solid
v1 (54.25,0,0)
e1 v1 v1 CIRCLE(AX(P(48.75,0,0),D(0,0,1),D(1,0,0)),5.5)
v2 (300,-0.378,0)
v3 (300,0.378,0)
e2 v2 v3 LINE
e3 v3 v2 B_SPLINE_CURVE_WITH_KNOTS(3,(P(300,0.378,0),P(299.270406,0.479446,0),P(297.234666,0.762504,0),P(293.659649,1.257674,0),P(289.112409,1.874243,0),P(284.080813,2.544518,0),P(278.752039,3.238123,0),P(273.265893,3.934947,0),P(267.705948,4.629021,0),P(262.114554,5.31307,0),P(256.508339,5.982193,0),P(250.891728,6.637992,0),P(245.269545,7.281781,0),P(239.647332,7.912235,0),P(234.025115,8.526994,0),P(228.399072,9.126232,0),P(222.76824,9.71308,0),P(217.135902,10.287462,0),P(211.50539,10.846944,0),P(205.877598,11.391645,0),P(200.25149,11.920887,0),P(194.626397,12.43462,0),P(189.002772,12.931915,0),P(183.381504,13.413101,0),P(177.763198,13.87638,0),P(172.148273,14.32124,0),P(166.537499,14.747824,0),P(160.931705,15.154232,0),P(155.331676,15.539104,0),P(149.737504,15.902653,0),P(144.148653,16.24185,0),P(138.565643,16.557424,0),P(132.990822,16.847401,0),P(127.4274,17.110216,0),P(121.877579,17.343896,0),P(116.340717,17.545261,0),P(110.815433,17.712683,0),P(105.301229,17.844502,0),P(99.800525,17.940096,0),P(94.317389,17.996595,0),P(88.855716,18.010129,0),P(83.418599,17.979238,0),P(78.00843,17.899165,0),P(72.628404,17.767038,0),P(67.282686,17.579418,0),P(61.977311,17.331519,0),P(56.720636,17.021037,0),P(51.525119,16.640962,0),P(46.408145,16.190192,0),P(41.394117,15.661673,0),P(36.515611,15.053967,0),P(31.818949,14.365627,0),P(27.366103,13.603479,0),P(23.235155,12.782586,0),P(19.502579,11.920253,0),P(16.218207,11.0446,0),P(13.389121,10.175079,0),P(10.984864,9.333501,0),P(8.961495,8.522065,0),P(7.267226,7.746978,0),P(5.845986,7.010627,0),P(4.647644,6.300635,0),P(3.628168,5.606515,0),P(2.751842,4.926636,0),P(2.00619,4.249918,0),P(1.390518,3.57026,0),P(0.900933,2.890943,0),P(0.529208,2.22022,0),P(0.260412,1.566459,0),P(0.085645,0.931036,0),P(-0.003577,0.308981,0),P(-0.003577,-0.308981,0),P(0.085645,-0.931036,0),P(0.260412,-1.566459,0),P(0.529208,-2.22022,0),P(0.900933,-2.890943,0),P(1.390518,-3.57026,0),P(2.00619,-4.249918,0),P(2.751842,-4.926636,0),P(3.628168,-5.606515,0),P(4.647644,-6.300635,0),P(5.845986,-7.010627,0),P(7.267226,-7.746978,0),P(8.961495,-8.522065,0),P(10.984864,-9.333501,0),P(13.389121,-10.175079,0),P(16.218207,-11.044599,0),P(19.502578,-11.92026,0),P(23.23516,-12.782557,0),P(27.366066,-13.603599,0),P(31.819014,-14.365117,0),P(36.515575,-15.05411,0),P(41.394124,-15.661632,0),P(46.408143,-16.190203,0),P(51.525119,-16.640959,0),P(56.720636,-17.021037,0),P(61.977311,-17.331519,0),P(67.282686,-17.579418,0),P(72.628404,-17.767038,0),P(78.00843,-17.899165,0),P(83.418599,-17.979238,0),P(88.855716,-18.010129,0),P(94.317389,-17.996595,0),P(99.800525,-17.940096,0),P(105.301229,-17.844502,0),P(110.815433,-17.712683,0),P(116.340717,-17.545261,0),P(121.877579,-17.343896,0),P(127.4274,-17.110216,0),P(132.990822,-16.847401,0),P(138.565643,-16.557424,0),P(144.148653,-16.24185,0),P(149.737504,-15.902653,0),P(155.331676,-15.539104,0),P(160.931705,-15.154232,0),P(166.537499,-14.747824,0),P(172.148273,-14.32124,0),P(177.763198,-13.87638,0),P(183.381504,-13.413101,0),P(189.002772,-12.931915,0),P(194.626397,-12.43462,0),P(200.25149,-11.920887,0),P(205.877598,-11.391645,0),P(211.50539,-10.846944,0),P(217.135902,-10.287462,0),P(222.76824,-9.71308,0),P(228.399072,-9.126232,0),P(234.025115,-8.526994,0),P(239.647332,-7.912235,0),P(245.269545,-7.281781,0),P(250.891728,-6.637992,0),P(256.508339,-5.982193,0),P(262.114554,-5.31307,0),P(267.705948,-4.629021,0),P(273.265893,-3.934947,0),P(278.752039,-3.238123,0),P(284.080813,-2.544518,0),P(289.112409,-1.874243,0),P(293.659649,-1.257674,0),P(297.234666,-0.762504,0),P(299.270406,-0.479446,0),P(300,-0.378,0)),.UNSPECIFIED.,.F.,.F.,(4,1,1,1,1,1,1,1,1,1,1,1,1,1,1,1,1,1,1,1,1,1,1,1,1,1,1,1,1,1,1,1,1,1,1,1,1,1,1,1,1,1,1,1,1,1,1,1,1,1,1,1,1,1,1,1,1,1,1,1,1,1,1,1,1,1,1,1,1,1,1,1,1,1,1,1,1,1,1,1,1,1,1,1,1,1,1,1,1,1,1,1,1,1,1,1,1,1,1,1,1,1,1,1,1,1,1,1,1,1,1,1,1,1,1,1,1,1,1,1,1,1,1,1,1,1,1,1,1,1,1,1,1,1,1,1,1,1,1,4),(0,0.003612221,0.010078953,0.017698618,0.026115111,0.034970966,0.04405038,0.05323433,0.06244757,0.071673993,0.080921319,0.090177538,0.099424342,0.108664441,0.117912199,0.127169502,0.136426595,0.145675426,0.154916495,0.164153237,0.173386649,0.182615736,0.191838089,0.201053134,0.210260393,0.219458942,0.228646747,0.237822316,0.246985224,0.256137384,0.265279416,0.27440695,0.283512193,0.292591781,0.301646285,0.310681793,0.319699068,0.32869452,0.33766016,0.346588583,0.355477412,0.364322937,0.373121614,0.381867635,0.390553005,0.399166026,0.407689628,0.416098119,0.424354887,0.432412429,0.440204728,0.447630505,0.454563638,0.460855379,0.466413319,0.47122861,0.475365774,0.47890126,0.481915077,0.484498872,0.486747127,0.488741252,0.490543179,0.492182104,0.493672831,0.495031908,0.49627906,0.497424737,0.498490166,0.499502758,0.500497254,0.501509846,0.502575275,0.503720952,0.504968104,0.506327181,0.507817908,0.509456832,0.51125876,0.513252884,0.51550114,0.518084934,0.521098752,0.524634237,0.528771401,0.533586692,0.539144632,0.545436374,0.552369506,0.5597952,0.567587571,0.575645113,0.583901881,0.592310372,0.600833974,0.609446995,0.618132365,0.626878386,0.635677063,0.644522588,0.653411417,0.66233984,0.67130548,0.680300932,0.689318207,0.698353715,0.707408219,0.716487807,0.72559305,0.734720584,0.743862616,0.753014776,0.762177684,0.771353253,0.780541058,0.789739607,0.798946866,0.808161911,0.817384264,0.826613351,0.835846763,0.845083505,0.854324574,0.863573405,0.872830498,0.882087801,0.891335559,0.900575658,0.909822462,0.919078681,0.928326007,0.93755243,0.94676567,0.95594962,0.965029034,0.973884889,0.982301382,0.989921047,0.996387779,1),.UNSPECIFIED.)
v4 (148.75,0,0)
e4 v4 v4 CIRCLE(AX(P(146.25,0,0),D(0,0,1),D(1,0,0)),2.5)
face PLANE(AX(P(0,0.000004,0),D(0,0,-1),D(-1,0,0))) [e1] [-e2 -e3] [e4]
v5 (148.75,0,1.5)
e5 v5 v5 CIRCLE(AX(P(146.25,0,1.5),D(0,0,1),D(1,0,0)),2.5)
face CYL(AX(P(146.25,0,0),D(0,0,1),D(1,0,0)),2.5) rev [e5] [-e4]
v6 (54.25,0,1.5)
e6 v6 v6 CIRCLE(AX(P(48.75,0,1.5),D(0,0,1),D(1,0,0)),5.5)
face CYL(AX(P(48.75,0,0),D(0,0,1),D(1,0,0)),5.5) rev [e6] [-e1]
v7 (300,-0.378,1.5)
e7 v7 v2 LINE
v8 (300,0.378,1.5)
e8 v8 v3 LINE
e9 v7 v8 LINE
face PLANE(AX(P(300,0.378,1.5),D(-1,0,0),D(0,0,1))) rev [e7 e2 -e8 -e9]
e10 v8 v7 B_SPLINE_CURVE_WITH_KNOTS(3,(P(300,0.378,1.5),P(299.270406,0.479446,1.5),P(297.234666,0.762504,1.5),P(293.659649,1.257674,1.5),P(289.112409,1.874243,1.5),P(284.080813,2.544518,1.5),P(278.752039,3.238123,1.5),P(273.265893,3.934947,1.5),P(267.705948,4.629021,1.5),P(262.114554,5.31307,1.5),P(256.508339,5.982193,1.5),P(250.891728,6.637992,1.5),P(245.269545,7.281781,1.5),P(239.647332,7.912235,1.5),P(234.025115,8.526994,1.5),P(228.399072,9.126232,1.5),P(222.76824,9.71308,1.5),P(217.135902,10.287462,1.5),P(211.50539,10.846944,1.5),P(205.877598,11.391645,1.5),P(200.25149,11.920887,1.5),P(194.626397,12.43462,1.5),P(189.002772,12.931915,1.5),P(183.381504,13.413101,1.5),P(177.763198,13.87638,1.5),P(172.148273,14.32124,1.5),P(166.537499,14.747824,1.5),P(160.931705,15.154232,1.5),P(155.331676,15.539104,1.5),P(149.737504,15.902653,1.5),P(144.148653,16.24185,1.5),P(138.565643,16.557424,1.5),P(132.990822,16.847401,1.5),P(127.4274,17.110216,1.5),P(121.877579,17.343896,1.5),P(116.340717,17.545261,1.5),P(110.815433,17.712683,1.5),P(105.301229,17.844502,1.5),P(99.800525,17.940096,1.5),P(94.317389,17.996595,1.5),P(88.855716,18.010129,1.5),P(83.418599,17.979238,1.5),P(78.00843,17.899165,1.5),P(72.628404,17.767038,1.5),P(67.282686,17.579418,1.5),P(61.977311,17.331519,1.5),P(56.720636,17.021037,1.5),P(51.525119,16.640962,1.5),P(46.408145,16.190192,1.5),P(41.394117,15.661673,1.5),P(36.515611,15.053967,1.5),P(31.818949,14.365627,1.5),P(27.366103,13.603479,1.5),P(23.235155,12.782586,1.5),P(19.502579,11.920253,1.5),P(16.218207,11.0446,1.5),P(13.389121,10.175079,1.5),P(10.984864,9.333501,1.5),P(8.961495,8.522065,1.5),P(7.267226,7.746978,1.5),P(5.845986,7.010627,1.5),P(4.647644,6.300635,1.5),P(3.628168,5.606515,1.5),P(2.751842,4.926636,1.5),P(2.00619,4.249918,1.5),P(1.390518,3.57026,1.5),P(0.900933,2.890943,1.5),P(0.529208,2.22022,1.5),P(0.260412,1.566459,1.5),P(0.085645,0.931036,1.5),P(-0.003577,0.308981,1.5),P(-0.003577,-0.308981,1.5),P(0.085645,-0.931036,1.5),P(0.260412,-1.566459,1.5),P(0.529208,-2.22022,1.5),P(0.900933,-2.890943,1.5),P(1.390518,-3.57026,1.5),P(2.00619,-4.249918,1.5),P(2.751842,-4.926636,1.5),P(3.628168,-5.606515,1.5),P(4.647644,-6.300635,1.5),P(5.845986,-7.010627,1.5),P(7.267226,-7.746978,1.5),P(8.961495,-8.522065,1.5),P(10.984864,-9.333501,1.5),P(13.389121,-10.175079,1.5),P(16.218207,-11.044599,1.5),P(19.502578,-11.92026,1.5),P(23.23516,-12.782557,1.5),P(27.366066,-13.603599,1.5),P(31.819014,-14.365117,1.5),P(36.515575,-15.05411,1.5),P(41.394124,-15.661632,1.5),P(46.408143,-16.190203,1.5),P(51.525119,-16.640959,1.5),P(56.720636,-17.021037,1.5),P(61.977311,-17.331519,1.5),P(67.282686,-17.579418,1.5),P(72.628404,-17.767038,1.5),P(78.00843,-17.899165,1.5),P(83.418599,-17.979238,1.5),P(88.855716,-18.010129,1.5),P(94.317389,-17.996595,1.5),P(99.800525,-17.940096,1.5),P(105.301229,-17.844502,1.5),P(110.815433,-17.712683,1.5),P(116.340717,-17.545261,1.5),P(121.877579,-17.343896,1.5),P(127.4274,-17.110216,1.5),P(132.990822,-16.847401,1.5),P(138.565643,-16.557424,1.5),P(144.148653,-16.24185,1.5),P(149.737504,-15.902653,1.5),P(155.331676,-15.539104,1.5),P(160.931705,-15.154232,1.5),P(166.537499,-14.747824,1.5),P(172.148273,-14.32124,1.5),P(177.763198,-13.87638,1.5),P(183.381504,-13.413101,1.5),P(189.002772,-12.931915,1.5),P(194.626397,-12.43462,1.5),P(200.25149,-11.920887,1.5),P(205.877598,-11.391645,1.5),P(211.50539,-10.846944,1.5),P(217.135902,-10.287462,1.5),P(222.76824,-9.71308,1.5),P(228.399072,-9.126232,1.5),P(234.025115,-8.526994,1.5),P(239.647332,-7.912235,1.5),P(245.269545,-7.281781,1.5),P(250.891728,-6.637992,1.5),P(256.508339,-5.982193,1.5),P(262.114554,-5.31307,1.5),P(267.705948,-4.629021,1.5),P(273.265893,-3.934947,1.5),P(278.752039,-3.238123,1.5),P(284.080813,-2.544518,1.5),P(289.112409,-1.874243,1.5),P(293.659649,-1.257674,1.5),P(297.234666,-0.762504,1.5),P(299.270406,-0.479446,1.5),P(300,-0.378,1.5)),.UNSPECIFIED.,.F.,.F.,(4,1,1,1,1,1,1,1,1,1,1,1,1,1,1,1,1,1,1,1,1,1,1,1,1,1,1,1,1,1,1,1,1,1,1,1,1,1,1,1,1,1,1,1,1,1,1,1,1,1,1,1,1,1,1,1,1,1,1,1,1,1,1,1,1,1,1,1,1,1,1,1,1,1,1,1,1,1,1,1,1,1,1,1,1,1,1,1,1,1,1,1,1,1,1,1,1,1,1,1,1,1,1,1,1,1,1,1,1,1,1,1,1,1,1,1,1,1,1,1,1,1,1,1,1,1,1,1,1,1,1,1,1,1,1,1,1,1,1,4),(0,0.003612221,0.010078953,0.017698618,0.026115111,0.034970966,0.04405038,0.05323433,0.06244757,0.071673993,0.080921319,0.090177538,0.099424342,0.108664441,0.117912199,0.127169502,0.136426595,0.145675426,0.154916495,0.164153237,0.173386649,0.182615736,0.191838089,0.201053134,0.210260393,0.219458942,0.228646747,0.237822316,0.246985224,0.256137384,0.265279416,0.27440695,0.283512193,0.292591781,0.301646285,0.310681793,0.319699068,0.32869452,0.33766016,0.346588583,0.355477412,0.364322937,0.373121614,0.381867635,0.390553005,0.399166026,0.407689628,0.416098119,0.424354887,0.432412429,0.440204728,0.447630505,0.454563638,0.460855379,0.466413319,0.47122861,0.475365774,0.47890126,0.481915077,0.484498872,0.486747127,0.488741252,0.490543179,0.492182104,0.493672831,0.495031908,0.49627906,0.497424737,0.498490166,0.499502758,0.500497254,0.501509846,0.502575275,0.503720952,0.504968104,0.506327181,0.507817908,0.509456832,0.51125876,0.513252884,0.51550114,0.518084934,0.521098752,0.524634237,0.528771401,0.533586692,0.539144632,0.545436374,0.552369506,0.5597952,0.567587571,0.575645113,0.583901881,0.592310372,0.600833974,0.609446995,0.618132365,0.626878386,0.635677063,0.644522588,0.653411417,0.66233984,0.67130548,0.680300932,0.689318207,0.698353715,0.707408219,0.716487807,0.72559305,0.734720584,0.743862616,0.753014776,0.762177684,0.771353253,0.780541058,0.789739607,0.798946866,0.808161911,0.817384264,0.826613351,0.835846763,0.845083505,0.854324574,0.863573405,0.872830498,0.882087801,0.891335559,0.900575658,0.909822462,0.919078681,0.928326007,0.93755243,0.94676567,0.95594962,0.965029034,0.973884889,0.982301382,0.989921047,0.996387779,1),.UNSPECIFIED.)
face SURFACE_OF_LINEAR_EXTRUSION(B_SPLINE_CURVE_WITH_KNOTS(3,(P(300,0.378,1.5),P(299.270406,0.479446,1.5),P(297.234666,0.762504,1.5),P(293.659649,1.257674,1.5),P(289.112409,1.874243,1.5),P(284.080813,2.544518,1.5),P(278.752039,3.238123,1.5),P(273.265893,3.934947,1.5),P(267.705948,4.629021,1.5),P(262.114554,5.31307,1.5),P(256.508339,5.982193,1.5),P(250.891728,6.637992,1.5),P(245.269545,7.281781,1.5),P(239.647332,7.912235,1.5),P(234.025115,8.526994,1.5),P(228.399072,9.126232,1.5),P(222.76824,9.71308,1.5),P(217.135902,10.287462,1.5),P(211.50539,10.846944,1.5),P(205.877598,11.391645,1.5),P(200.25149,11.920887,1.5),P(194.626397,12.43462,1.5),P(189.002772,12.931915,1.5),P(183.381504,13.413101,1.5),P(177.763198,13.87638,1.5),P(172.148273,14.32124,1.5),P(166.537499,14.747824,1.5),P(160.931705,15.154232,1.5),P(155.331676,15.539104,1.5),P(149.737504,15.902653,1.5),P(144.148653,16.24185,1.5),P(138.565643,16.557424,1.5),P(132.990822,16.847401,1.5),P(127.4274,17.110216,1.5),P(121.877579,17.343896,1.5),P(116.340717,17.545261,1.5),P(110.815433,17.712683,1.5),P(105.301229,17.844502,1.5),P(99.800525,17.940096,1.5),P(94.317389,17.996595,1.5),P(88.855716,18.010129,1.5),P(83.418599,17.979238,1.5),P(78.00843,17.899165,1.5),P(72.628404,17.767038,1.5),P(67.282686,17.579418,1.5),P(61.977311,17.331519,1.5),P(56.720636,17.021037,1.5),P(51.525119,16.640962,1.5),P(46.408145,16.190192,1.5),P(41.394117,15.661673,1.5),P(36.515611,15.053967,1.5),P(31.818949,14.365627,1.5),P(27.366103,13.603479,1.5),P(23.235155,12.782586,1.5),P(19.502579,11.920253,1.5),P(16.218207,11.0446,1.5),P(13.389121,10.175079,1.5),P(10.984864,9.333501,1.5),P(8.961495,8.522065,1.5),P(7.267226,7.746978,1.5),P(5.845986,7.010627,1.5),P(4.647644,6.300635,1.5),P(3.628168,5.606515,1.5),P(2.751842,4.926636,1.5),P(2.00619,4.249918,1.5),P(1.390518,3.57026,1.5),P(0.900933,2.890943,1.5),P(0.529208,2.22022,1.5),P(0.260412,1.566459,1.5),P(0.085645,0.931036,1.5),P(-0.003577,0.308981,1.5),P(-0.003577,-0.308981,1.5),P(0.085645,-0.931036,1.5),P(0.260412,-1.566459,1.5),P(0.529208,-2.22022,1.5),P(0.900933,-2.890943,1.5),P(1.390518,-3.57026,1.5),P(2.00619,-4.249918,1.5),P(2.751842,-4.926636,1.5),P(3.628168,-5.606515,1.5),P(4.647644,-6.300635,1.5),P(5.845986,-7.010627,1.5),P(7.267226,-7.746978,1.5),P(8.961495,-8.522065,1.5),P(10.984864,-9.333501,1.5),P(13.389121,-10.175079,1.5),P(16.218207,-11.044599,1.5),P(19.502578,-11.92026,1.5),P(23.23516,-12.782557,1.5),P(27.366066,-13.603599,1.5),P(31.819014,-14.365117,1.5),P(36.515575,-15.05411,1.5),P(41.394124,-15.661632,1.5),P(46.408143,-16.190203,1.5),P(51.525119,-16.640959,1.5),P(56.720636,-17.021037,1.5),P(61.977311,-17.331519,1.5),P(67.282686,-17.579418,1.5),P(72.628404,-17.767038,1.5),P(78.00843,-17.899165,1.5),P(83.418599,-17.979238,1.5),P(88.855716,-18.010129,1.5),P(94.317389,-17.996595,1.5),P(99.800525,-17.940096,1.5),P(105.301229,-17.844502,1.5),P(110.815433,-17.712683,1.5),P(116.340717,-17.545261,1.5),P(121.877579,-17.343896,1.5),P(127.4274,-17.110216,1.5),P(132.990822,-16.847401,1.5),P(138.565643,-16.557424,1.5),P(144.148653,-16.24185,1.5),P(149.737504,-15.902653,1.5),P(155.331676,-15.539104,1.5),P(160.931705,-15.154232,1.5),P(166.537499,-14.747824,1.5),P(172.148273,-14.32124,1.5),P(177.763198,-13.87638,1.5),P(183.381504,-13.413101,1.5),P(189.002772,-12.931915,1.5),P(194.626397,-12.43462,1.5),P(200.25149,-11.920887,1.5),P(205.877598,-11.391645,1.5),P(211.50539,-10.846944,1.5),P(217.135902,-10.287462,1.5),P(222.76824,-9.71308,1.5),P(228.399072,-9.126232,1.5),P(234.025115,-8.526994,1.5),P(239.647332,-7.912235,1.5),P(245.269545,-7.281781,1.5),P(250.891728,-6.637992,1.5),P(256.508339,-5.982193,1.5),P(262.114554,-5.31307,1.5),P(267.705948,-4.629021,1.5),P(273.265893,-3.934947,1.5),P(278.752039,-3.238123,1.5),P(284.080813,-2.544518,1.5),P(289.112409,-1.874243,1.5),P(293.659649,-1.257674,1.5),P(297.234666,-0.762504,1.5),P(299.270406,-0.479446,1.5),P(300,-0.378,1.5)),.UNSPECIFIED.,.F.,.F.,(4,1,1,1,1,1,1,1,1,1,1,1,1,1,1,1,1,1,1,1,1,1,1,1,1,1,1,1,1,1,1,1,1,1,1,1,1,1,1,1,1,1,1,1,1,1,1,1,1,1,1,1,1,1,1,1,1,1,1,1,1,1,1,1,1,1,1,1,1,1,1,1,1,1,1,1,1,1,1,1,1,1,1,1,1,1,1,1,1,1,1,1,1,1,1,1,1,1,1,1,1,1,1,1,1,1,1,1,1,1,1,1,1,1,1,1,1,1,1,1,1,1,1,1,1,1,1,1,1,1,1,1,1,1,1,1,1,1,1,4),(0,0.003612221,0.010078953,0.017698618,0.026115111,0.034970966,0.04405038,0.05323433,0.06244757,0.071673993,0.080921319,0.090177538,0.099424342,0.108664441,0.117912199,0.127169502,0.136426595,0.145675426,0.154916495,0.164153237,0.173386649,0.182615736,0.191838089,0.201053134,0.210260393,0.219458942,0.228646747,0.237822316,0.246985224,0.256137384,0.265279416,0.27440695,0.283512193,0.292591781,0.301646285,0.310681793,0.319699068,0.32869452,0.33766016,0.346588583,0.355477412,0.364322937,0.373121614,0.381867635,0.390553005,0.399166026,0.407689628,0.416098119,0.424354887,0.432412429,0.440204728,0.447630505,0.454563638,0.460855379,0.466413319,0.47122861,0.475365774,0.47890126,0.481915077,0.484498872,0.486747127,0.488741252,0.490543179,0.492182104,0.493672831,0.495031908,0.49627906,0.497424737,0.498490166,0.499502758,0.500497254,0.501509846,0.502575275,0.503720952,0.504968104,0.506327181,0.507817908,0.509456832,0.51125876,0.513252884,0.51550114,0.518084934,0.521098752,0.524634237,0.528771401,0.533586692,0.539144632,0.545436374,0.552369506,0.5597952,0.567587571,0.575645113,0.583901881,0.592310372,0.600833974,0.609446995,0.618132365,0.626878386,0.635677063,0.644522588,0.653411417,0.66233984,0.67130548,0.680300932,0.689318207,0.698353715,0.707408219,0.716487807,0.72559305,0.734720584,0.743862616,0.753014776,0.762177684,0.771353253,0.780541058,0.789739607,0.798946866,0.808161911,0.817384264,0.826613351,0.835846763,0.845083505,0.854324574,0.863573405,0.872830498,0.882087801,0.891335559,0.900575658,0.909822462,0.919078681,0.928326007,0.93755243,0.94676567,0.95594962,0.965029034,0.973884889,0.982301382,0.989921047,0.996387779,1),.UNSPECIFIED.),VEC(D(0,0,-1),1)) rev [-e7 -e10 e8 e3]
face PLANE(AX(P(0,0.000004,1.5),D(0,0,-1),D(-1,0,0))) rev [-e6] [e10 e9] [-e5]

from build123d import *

# Parameters (mm, degrees)
BOSS_EXTRUDE1_DEPTH = 1.5
SKETCH7_R           = 5.5
SKETCH7_R_2         = 2.5
CUT_EXTRUDE7_DEPTH  = 2.5000001


with BuildPart() as part:
    # Sketch5 → Boss-Extrude1 (new body)
    with BuildSketch(Plane.XY):
        with BuildLine():
            Line((300, 0.378000086), (300, -0.378000086))
            add(Edge.make_bspline(
                [(300, 0.378000086), (299.270406258, 0.479445931), (297.234666467, 0.762503927), (293.659648722, 1.257673791), (289.112409325, 1.874242868), (284.080813047, 2.544518018), (278.752039398, 3.238123051), (273.265892957, 3.934947328), (267.705948145, 4.629020993), (262.114554424, 5.313070312), (256.508339042, 5.98219317), (250.891727853, 6.637992315), (245.269544548, 7.281780887), (239.647331656, 7.912234559), (234.025115138, 8.526993981), (228.399071658, 9.126231834), (222.768240123, 9.71307981), (217.135901993, 10.287462144), (211.505390076, 10.846943545), (205.877598449, 11.391645411), (200.251489743, 11.920887329), (194.626396629, 12.434619899), (189.002771954, 12.931914744), (183.381504479, 13.413100625), (177.763197883, 13.876379849), (172.148272526, 14.321240443), (166.537499181, 14.747824264), (160.931704642, 15.154231582), (155.331676028, 15.539104381), (149.737504253, 15.902653172), (144.148652919, 16.241849804), (138.565642978, 16.557424303), (132.990821912, 16.847401378), (127.427400287, 17.110215561), (121.877579225, 17.343895653), (116.340716908, 17.545260794), (110.81543346, 17.712683139), (105.301229225, 17.844501987), (99.800524694, 17.940095883), (94.317389178, 17.996594522), (88.855716162, 18.010128544), (83.418598836, 17.97923792), (78.008430461, 17.899164774), (72.628403778, 17.767037818), (67.282685946, 17.579417922), (61.977310891, 17.331519421), (56.72063582, 17.021036513), (51.525118947, 16.640961845), (46.408145083, 16.190192264), (41.394117392, 15.661672653), (36.515611307, 15.053967199), (31.818948595, 14.365626864), (27.366102973, 13.60347877), (23.235155161, 12.782586344), (19.502578811, 11.920253456), (16.218207008, 11.044600302), (13.389120989, 10.175078564), (10.984863761, 9.333500833), (8.961495446, 8.522064815), (7.267225637, 7.746977759), (5.845985727, 7.010627212), (4.647644075, 6.300635462), (3.62816801, 5.60651494), (2.751841757, 4.926636369), (2.006189751, 4.249918223), (1.390518388, 3.570260302), (0.900932575, 2.890942908), (0.52920759, 2.220219777), (0.260411531, 1.566459291), (0.085644609, 0.931036139), (-0.003577313, 0.308981085), (-0.003577313, -0.308981085), (0.085644609, -0.931036139), (0.260411531, -1.566459291), (0.52920759, -2.220219777), (0.900932575, -2.890942908), (1.390518388, -3.570260302), (2.006189751, -4.249918223), (2.751841757, -4.926636369), (3.62816801, -5.60651494), (4.647644075, -6.300635462), (5.845985727, -7.010627213), (7.267225637, -7.746977757), (8.961495444, -8.522064829), (10.984863772, -9.333500769), (13.389120938, -10.175078867), (16.218207245, -11.044598882), (19.502577721, -11.920259984), (23.235160006, -12.782557313), (27.366065703, -13.603599247), (31.819014163, -14.365116623), (36.515574857, -15.054109513), (41.394123531, -15.66163244), (46.408143388, -16.190203367), (51.525119412, -16.640958803), (56.720635693, -17.021037342), (61.977310926, -17.331519196), (67.282685937, -17.579417983), (72.628403781, -17.767037802), (78.008430461, -17.899164778), (83.418598837, -17.979237918), (88.855716162, -18.010128544), (94.317389178, -17.996594522), (99.800524694, -17.940095883), (105.301229225, -17.844501987), (110.81543346, -17.712683139), (116.340716908, -17.545260794), (121.877579225, -17.343895653), (127.427400287, -17.110215561), (132.990821912, -16.847401378), (138.565642978, -16.557424303), (144.148652919, -16.241849804), (149.737504253, -15.902653172), (155.331676028, -15.539104381), (160.931704642, -15.154231582), (166.537499181, -14.747824264), (172.148272526, -14.321240443), (177.763197883, -13.876379849), (183.381504479, -13.413100625), (189.002771954, -12.931914743), (194.626396629, -12.434619899), (200.251489743, -11.920887329), (205.877598449, -11.391645411), (211.505390076, -10.846943545), (217.135901993, -10.287462144), (222.768240123, -9.71307981), (228.399071658, -9.126231834), (234.025115138, -8.526993981), (239.647331656, -7.912234559), (245.269544548, -7.281780887), (250.891727853, -6.637992315), (256.508339042, -5.98219317), (262.114554424, -5.313070312), (267.705948145, -4.629020993), (273.265892957, -3.934947328), (278.752039398, -3.238123051), (284.080813047, -2.544518018), (289.112409325, -1.874242868), (293.659648722, -1.257673791), (297.234666467, -0.762503927), (299.270406258, -0.47944593), (300, -0.378000086)],
                knots=[0, 0, 0, 0, 0.003612221, 0.010078953, 0.017698618, 0.026115111, 0.034970966, 0.04405038, 0.05323433, 0.06244757, 0.071673993, 0.080921319, 0.090177538, 0.099424342, 0.108664441, 0.117912199, 0.127169502, 0.136426595, 0.145675426, 0.154916495, 0.164153237, 0.173386649, 0.182615736, 0.191838089, 0.201053134, 0.210260393, 0.219458942, 0.228646747, 0.237822316, 0.246985224, 0.256137384, 0.265279416, 0.27440695, 0.283512193, 0.292591781, 0.301646285, 0.310681793, 0.319699068, 0.32869452, 0.33766016, 0.346588583, 0.355477412, 0.364322937, 0.373121614, 0.381867635, 0.390553005, 0.399166026, 0.407689628, 0.416098119, 0.424354887, 0.432412429, 0.440204728, 0.447630505, 0.454563638, 0.460855379, 0.466413319, 0.47122861, 0.475365774, 0.47890126, 0.481915077, 0.484498872, 0.486747127, 0.488741252, 0.490543179, 0.492182104, 0.493672831, 0.495031908, 0.49627906, 0.497424737, 0.498490166, 0.499502758, 0.500497254, 0.501509846, 0.502575275, 0.503720952, 0.504968104, 0.506327181, 0.507817908, 0.509456832, 0.51125876, 0.513252884, 0.51550114, 0.518084934, 0.521098752, 0.524634237, 0.528771401, 0.533586692, 0.539144632, 0.545436374, 0.552369506, 0.5597952, 0.567587571, 0.575645113, 0.583901881, 0.592310372, 0.600833974, 0.609446995, 0.618132365, 0.626878386, 0.635677063, 0.644522588, 0.653411417, 0.66233984, 0.67130548, 0.680300932, 0.689318207, 0.698353715, 0.707408219, 0.716487807, 0.72559305, 0.734720584, 0.743862616, 0.753014776, 0.762177684, 0.771353253, 0.780541058, 0.789739607, 0.798946866, 0.808161911, 0.817384264, 0.826613351, 0.835846763, 0.845083505, 0.854324574, 0.863573405, 0.872830498, 0.882087801, 0.891335559, 0.900575658, 0.909822462, 0.919078681, 0.928326007, 0.93755243, 0.94676567, 0.95594962, 0.965029034, 0.973884889, 0.982301382, 0.989921047, 0.996387779, 1, 1, 1, 1], degree=3))
        make_face()
    extrude(amount=BOSS_EXTRUDE1_DEPTH)

    # Sketch7 → Cut-Extrude7 (cut, through all)
    with BuildSketch(Plane.XY.offset(1.5)):
        with Locations((48.75, 0)):
            Circle(SKETCH7_R)
        with Locations((146.25, 0)):
            Circle(SKETCH7_R_2)
    extrude(amount=-CUT_EXTRUDE7_DEPTH, mode=Mode.SUBTRACT)


solid = part.part
